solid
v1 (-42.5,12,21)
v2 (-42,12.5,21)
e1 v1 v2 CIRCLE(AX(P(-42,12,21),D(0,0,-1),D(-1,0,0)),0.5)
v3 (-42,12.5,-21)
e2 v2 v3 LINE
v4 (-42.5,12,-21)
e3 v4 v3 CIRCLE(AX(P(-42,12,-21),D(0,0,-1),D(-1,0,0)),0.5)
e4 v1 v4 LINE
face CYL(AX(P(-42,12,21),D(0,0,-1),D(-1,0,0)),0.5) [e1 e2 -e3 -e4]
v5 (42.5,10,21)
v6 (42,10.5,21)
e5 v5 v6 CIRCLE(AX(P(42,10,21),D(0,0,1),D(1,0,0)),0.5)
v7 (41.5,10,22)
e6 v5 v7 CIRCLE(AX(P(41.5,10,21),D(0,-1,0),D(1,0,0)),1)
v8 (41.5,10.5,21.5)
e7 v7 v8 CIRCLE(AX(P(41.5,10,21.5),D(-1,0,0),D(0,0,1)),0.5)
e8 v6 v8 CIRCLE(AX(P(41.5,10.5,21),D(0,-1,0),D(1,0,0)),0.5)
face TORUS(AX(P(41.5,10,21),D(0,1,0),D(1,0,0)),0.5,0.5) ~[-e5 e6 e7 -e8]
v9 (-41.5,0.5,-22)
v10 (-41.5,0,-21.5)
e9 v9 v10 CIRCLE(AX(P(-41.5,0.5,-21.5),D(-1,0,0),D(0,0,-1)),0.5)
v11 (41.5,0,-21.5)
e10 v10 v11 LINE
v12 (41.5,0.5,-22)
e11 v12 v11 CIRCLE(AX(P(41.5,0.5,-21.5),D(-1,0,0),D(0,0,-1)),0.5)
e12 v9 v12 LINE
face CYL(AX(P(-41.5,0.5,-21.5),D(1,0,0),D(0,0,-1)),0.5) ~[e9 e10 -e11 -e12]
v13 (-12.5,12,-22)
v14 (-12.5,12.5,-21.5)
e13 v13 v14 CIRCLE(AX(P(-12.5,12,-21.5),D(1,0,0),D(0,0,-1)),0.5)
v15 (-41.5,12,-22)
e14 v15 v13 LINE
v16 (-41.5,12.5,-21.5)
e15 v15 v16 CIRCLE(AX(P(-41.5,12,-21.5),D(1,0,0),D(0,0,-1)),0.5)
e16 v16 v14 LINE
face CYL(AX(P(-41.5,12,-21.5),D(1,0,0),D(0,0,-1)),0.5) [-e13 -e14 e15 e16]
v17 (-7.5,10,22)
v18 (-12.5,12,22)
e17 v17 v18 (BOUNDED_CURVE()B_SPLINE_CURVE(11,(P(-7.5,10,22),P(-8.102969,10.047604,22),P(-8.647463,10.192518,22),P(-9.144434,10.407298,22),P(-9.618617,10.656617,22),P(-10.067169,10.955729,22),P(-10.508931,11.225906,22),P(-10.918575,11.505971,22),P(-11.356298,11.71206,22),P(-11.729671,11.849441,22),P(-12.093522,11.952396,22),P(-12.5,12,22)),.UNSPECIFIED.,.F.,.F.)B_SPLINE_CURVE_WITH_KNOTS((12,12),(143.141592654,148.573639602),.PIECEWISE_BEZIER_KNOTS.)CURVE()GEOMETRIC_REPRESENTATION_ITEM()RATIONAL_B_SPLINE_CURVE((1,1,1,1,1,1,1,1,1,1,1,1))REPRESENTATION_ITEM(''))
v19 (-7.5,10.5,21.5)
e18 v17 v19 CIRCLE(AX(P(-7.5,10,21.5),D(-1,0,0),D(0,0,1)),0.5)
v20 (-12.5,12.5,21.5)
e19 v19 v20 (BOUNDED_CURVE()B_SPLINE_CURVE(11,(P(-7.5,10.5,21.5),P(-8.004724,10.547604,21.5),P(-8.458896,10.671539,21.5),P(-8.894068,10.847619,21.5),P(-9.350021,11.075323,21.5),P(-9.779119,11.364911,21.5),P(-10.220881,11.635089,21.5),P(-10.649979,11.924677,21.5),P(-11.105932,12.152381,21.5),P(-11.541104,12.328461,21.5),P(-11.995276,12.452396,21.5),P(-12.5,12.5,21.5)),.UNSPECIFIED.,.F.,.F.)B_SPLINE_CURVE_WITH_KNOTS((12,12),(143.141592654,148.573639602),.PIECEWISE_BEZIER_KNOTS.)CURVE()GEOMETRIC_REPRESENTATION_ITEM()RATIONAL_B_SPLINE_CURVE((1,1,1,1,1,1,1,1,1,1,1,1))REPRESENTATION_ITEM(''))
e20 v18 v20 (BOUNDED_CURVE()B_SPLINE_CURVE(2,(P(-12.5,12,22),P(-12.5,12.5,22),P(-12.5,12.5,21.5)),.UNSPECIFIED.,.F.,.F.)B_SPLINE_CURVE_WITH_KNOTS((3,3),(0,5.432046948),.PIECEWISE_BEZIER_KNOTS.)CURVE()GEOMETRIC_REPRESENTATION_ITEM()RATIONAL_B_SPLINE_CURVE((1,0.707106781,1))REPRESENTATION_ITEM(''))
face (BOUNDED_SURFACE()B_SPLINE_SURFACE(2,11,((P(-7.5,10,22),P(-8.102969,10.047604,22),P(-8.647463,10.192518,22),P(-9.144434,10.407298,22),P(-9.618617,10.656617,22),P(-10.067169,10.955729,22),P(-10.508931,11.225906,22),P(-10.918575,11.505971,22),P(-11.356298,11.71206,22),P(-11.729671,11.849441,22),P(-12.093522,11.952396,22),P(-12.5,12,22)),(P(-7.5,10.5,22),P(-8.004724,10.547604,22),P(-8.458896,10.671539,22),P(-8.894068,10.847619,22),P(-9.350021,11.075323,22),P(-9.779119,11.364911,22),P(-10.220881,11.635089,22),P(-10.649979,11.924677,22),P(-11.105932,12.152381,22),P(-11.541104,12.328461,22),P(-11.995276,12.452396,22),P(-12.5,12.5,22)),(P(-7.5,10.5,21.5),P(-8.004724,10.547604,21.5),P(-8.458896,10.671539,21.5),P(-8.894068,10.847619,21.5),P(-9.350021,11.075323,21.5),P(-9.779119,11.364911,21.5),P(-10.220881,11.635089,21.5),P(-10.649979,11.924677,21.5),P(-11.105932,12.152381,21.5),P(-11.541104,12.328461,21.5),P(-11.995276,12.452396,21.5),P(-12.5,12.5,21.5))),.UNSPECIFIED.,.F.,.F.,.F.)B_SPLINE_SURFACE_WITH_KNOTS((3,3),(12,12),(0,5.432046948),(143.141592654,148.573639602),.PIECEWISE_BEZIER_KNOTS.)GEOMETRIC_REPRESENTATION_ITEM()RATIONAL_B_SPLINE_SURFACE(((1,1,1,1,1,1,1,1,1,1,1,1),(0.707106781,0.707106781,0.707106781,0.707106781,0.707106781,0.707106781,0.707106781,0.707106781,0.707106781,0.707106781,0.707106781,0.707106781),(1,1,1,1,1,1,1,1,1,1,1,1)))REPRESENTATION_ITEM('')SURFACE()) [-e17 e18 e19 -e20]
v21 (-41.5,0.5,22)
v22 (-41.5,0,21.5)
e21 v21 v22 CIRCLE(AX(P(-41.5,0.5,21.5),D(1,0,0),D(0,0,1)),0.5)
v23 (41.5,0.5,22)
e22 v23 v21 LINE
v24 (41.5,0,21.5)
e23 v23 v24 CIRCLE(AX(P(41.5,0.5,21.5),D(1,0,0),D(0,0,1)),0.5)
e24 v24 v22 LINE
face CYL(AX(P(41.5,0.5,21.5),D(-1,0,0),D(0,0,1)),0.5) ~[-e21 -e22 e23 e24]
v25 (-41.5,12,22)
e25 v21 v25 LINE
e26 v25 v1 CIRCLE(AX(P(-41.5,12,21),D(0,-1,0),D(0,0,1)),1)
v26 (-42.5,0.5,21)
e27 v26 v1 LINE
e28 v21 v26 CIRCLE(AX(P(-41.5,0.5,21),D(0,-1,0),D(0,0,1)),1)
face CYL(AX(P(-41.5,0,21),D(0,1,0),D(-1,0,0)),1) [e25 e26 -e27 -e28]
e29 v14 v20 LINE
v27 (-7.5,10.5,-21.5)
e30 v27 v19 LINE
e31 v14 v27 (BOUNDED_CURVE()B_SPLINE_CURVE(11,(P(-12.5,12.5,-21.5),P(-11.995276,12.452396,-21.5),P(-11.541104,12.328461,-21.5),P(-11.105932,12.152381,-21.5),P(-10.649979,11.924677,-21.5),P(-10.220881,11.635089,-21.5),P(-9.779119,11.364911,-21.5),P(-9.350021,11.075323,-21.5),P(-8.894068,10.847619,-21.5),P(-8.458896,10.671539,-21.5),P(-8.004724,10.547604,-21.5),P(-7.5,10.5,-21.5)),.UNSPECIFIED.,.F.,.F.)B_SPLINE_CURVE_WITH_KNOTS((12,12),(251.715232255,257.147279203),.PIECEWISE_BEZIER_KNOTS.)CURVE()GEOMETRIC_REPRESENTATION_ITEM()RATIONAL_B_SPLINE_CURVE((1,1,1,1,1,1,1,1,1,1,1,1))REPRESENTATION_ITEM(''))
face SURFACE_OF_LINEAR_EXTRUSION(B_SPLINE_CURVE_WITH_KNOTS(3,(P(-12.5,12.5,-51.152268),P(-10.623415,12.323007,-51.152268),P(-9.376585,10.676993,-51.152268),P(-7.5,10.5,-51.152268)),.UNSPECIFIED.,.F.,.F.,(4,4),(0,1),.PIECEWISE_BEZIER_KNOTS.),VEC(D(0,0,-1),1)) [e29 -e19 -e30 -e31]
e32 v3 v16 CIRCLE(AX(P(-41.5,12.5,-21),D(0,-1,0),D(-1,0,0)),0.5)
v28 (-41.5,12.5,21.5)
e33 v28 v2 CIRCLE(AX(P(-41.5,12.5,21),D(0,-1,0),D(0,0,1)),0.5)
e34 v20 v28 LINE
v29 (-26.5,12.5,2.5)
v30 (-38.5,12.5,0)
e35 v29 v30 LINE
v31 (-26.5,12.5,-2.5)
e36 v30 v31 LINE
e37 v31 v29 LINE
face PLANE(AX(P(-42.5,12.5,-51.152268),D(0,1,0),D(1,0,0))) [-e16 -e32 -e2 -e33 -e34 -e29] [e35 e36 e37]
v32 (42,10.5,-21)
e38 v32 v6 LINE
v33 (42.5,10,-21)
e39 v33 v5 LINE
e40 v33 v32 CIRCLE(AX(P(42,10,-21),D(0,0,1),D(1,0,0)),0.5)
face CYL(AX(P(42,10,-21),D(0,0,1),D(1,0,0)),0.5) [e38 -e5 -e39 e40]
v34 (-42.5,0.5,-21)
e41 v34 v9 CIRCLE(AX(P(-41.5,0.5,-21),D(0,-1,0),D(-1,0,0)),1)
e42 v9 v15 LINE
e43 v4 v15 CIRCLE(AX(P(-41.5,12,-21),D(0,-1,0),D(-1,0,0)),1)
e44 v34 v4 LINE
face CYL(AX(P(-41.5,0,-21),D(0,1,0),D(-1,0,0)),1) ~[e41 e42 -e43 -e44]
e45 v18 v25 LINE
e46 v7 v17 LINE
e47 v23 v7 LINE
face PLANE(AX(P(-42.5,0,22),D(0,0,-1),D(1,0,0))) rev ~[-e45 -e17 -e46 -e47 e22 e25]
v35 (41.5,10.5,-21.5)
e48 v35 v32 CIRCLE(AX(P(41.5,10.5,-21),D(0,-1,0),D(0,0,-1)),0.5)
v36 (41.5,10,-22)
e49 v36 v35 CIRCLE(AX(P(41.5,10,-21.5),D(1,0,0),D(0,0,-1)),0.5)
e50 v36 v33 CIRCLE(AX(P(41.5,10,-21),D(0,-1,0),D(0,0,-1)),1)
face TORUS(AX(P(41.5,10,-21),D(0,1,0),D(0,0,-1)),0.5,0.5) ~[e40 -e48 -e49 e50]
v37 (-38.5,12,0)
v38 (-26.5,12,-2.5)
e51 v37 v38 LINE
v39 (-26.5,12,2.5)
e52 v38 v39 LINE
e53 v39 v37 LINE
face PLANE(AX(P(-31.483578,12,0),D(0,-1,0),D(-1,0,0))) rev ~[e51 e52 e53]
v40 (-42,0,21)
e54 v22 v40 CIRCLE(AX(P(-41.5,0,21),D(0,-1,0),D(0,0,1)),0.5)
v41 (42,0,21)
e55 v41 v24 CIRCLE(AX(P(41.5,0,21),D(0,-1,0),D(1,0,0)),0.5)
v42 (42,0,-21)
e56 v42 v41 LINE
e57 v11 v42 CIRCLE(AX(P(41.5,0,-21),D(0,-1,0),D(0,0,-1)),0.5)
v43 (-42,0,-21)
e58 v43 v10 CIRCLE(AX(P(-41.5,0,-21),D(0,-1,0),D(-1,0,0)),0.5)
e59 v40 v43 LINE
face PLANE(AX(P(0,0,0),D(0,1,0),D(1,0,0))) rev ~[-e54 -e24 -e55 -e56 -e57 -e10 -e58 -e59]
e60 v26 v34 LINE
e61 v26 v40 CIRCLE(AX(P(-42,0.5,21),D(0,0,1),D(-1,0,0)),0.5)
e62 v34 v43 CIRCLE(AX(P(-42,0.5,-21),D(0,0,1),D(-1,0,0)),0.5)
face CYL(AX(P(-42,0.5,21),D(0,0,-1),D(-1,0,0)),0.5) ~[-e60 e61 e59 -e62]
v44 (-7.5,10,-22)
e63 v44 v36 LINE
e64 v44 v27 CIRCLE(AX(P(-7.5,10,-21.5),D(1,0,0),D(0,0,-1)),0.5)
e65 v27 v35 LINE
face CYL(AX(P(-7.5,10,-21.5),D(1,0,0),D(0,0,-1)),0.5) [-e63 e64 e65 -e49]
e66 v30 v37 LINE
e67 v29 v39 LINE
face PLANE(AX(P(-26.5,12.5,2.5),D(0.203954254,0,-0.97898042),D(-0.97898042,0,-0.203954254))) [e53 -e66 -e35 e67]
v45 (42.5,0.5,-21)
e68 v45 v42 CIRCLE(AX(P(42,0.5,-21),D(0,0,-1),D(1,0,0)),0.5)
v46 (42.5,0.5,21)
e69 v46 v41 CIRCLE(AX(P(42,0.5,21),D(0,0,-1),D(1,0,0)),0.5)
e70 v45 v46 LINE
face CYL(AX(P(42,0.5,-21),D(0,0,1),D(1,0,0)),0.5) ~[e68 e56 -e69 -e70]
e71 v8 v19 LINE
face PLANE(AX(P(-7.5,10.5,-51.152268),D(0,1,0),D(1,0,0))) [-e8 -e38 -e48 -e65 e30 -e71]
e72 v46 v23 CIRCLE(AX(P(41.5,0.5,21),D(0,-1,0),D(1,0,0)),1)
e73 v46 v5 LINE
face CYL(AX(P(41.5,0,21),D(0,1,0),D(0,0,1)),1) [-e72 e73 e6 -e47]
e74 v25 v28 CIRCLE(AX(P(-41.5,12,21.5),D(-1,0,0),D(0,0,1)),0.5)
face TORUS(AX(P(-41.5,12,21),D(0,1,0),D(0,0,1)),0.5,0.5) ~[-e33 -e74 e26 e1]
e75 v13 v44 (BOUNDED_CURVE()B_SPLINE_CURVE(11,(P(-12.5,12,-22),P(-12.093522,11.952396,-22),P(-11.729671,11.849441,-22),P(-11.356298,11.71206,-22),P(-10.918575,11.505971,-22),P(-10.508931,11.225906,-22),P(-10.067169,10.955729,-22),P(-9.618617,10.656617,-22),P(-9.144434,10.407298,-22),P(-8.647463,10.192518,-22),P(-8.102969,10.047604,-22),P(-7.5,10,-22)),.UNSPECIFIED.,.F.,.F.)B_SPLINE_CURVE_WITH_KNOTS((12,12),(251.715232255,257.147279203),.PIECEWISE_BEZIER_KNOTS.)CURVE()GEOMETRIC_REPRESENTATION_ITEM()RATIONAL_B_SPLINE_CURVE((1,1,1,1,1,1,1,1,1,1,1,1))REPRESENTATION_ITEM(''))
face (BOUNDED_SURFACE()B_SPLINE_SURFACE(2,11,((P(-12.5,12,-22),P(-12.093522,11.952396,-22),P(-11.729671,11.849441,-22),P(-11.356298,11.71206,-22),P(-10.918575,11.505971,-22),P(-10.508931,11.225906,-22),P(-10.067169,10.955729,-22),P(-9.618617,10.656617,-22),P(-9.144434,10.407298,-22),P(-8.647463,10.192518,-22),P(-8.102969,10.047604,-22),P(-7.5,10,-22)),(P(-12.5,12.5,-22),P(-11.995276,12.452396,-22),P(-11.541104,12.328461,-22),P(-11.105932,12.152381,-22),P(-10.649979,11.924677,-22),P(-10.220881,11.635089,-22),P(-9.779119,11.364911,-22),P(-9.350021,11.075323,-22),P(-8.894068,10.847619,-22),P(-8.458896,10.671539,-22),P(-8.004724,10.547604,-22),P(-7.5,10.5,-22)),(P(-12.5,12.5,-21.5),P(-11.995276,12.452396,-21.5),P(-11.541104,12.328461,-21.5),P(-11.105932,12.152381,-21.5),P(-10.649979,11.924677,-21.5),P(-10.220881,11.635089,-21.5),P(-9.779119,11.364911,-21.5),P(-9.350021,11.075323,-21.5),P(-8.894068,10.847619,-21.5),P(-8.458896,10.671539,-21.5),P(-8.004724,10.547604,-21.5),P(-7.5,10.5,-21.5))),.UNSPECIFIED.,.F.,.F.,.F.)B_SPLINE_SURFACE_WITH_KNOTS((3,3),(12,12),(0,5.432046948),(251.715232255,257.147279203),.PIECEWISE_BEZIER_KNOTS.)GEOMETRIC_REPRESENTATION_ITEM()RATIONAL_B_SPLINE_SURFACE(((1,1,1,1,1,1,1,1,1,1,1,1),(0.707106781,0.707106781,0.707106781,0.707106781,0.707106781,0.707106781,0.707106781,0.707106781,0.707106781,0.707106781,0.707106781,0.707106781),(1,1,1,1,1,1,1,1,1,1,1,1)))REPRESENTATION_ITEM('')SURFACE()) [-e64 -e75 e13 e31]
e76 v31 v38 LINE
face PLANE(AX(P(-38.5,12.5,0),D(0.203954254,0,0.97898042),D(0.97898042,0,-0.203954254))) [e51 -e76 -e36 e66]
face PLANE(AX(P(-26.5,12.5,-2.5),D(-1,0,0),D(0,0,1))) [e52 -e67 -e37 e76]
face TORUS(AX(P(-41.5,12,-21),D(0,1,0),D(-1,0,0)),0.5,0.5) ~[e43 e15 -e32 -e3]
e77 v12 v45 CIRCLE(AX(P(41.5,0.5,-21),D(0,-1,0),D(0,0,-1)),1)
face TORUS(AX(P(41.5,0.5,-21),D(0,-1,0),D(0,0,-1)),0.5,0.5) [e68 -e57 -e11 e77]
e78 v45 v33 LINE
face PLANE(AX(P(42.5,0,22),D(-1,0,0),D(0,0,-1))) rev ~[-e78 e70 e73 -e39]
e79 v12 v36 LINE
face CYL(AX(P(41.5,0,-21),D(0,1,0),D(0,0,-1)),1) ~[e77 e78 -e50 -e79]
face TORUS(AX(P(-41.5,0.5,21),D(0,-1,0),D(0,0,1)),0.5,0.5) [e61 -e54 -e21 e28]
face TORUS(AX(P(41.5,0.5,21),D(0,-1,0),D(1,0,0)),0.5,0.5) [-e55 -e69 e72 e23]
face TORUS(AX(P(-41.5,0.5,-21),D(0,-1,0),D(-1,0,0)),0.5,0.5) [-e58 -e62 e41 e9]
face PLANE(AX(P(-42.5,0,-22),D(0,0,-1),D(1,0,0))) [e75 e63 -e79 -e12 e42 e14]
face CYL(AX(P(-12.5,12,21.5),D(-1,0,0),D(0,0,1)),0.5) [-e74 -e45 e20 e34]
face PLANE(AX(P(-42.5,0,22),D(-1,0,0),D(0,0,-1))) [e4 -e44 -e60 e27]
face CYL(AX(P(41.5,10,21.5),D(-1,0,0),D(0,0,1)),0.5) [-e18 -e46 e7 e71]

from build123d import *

# Parameters (mm, degrees)
SKETCH1_W               = 85
SKETCH1_H               = 44
BOSS_EXTRUDE1_DEPTH     = 15
CUT_EXTRUDE1_DEPTH      = 51.152268144
CUT_EXTRUDE1_DEPTH_BACK = 51.152268144
FILLET1_R               = 1
FILLET2_R               = 0.5
FILLET3_R               = 0.5
CUT_EXTRUDE3_DEPTH      = 0.5


with BuildPart() as part:
    # Sketch1 → Boss-Extrude1 (new body)
    with BuildSketch(Plane(origin=(0, 0, 0), x_dir=(1, 0, 0), z_dir=(0, 1, 0))):
        Rectangle(SKETCH1_W, SKETCH1_H)
    extrude(amount=BOSS_EXTRUDE1_DEPTH)

    # Sketch2 → Cut-Extrude1 (cut, two sides: drawn at the far end of the back side and taken through both)
    with BuildSketch(Plane.XY.offset(-CUT_EXTRUDE1_DEPTH_BACK)):
        with BuildLine():
            Line((-42.5, 12.5), (-12.5, 12.5))
            add(Edge.make_bspline(
                [(-12.5, 12.5), (-10.623415355, 12.323006837), (-9.376584645, 10.676993163), (-7.5, 10.5)],
                knots=[0, 0, 0, 0, 1, 1, 1, 1], degree=3))
            Line((-7.5, 10.5), (42.5, 10.5))
            Line((42.5, 10.5), (42.5, 22.5))
            Line((42.5, 22.5), (-42.5, 22.5))
            Line((-42.5, 22.5), (-42.5, 12.5))
        make_face()
    extrude(amount=CUT_EXTRUDE1_DEPTH + CUT_EXTRUDE1_DEPTH_BACK, mode=Mode.SUBTRACT)

    # Fillet1
    fillet1_edges = [part.edges().sort_by_distance(p)[0] for p in [
        (42.5, 5.25, -22),
        (42.5, 5.25, 22),
        (-42.5, 6.25, 22),
        (-42.5, 6.25, -22),
    ]]
    fillet(fillet1_edges, radius=FILLET1_R)

    # Fillet2
    fillet2_edges = [part.edges().sort_by_distance(p)[0] for p in [
        (17, 10.5, -22),
        (-9.999999993, 11.50000001, -22),
        (-9.999999993, 11.50000001, 22),
        (17, 10.5, 22),
        (-42.5, 12.5, 0),
        (-27, 12.5, -22),
        (-27, 12.5, 22),
        (-42.207106781, 12.5, 21.707106781),
        (-42.207106781, 12.5, -21.707106781),
        (42.5, 10.5, 0),
        (42.207106781, 10.5, 21.707106781),
        (42.207106781, 10.5, -21.707106781),
    ]]
    fillet(fillet2_edges, radius=FILLET2_R)

    # Fillet3
    fillet3_edges = [part.edges().sort_by_distance(p)[0] for p in [
        (-42.5, 0, 0),
        (0, 0, -22),
        (42.5, 0, 0),
        (0, 0, 22),
        (-42.207106781, 0, 21.707106781),
        (42.207106781, 0, 21.707106781),
        (42.207106781, 0, -21.707106781),
        (-42.207106781, 0, -21.707106781),
    ]]
    fillet(fillet3_edges, radius=FILLET3_R)

    # Sketch4 → Cut-Extrude3 (cut)
    with BuildSketch(Plane(origin=(0, 12.5, 0), x_dir=(1, 0, 0), z_dir=(0, 1, 0))):
        Polygon((-38.5, 0), (-26.5, 2.5), (-26.5, -2.5), align=None)
    extrude(amount=-CUT_EXTRUDE3_DEPTH, mode=Mode.SUBTRACT)


solid = part.part
